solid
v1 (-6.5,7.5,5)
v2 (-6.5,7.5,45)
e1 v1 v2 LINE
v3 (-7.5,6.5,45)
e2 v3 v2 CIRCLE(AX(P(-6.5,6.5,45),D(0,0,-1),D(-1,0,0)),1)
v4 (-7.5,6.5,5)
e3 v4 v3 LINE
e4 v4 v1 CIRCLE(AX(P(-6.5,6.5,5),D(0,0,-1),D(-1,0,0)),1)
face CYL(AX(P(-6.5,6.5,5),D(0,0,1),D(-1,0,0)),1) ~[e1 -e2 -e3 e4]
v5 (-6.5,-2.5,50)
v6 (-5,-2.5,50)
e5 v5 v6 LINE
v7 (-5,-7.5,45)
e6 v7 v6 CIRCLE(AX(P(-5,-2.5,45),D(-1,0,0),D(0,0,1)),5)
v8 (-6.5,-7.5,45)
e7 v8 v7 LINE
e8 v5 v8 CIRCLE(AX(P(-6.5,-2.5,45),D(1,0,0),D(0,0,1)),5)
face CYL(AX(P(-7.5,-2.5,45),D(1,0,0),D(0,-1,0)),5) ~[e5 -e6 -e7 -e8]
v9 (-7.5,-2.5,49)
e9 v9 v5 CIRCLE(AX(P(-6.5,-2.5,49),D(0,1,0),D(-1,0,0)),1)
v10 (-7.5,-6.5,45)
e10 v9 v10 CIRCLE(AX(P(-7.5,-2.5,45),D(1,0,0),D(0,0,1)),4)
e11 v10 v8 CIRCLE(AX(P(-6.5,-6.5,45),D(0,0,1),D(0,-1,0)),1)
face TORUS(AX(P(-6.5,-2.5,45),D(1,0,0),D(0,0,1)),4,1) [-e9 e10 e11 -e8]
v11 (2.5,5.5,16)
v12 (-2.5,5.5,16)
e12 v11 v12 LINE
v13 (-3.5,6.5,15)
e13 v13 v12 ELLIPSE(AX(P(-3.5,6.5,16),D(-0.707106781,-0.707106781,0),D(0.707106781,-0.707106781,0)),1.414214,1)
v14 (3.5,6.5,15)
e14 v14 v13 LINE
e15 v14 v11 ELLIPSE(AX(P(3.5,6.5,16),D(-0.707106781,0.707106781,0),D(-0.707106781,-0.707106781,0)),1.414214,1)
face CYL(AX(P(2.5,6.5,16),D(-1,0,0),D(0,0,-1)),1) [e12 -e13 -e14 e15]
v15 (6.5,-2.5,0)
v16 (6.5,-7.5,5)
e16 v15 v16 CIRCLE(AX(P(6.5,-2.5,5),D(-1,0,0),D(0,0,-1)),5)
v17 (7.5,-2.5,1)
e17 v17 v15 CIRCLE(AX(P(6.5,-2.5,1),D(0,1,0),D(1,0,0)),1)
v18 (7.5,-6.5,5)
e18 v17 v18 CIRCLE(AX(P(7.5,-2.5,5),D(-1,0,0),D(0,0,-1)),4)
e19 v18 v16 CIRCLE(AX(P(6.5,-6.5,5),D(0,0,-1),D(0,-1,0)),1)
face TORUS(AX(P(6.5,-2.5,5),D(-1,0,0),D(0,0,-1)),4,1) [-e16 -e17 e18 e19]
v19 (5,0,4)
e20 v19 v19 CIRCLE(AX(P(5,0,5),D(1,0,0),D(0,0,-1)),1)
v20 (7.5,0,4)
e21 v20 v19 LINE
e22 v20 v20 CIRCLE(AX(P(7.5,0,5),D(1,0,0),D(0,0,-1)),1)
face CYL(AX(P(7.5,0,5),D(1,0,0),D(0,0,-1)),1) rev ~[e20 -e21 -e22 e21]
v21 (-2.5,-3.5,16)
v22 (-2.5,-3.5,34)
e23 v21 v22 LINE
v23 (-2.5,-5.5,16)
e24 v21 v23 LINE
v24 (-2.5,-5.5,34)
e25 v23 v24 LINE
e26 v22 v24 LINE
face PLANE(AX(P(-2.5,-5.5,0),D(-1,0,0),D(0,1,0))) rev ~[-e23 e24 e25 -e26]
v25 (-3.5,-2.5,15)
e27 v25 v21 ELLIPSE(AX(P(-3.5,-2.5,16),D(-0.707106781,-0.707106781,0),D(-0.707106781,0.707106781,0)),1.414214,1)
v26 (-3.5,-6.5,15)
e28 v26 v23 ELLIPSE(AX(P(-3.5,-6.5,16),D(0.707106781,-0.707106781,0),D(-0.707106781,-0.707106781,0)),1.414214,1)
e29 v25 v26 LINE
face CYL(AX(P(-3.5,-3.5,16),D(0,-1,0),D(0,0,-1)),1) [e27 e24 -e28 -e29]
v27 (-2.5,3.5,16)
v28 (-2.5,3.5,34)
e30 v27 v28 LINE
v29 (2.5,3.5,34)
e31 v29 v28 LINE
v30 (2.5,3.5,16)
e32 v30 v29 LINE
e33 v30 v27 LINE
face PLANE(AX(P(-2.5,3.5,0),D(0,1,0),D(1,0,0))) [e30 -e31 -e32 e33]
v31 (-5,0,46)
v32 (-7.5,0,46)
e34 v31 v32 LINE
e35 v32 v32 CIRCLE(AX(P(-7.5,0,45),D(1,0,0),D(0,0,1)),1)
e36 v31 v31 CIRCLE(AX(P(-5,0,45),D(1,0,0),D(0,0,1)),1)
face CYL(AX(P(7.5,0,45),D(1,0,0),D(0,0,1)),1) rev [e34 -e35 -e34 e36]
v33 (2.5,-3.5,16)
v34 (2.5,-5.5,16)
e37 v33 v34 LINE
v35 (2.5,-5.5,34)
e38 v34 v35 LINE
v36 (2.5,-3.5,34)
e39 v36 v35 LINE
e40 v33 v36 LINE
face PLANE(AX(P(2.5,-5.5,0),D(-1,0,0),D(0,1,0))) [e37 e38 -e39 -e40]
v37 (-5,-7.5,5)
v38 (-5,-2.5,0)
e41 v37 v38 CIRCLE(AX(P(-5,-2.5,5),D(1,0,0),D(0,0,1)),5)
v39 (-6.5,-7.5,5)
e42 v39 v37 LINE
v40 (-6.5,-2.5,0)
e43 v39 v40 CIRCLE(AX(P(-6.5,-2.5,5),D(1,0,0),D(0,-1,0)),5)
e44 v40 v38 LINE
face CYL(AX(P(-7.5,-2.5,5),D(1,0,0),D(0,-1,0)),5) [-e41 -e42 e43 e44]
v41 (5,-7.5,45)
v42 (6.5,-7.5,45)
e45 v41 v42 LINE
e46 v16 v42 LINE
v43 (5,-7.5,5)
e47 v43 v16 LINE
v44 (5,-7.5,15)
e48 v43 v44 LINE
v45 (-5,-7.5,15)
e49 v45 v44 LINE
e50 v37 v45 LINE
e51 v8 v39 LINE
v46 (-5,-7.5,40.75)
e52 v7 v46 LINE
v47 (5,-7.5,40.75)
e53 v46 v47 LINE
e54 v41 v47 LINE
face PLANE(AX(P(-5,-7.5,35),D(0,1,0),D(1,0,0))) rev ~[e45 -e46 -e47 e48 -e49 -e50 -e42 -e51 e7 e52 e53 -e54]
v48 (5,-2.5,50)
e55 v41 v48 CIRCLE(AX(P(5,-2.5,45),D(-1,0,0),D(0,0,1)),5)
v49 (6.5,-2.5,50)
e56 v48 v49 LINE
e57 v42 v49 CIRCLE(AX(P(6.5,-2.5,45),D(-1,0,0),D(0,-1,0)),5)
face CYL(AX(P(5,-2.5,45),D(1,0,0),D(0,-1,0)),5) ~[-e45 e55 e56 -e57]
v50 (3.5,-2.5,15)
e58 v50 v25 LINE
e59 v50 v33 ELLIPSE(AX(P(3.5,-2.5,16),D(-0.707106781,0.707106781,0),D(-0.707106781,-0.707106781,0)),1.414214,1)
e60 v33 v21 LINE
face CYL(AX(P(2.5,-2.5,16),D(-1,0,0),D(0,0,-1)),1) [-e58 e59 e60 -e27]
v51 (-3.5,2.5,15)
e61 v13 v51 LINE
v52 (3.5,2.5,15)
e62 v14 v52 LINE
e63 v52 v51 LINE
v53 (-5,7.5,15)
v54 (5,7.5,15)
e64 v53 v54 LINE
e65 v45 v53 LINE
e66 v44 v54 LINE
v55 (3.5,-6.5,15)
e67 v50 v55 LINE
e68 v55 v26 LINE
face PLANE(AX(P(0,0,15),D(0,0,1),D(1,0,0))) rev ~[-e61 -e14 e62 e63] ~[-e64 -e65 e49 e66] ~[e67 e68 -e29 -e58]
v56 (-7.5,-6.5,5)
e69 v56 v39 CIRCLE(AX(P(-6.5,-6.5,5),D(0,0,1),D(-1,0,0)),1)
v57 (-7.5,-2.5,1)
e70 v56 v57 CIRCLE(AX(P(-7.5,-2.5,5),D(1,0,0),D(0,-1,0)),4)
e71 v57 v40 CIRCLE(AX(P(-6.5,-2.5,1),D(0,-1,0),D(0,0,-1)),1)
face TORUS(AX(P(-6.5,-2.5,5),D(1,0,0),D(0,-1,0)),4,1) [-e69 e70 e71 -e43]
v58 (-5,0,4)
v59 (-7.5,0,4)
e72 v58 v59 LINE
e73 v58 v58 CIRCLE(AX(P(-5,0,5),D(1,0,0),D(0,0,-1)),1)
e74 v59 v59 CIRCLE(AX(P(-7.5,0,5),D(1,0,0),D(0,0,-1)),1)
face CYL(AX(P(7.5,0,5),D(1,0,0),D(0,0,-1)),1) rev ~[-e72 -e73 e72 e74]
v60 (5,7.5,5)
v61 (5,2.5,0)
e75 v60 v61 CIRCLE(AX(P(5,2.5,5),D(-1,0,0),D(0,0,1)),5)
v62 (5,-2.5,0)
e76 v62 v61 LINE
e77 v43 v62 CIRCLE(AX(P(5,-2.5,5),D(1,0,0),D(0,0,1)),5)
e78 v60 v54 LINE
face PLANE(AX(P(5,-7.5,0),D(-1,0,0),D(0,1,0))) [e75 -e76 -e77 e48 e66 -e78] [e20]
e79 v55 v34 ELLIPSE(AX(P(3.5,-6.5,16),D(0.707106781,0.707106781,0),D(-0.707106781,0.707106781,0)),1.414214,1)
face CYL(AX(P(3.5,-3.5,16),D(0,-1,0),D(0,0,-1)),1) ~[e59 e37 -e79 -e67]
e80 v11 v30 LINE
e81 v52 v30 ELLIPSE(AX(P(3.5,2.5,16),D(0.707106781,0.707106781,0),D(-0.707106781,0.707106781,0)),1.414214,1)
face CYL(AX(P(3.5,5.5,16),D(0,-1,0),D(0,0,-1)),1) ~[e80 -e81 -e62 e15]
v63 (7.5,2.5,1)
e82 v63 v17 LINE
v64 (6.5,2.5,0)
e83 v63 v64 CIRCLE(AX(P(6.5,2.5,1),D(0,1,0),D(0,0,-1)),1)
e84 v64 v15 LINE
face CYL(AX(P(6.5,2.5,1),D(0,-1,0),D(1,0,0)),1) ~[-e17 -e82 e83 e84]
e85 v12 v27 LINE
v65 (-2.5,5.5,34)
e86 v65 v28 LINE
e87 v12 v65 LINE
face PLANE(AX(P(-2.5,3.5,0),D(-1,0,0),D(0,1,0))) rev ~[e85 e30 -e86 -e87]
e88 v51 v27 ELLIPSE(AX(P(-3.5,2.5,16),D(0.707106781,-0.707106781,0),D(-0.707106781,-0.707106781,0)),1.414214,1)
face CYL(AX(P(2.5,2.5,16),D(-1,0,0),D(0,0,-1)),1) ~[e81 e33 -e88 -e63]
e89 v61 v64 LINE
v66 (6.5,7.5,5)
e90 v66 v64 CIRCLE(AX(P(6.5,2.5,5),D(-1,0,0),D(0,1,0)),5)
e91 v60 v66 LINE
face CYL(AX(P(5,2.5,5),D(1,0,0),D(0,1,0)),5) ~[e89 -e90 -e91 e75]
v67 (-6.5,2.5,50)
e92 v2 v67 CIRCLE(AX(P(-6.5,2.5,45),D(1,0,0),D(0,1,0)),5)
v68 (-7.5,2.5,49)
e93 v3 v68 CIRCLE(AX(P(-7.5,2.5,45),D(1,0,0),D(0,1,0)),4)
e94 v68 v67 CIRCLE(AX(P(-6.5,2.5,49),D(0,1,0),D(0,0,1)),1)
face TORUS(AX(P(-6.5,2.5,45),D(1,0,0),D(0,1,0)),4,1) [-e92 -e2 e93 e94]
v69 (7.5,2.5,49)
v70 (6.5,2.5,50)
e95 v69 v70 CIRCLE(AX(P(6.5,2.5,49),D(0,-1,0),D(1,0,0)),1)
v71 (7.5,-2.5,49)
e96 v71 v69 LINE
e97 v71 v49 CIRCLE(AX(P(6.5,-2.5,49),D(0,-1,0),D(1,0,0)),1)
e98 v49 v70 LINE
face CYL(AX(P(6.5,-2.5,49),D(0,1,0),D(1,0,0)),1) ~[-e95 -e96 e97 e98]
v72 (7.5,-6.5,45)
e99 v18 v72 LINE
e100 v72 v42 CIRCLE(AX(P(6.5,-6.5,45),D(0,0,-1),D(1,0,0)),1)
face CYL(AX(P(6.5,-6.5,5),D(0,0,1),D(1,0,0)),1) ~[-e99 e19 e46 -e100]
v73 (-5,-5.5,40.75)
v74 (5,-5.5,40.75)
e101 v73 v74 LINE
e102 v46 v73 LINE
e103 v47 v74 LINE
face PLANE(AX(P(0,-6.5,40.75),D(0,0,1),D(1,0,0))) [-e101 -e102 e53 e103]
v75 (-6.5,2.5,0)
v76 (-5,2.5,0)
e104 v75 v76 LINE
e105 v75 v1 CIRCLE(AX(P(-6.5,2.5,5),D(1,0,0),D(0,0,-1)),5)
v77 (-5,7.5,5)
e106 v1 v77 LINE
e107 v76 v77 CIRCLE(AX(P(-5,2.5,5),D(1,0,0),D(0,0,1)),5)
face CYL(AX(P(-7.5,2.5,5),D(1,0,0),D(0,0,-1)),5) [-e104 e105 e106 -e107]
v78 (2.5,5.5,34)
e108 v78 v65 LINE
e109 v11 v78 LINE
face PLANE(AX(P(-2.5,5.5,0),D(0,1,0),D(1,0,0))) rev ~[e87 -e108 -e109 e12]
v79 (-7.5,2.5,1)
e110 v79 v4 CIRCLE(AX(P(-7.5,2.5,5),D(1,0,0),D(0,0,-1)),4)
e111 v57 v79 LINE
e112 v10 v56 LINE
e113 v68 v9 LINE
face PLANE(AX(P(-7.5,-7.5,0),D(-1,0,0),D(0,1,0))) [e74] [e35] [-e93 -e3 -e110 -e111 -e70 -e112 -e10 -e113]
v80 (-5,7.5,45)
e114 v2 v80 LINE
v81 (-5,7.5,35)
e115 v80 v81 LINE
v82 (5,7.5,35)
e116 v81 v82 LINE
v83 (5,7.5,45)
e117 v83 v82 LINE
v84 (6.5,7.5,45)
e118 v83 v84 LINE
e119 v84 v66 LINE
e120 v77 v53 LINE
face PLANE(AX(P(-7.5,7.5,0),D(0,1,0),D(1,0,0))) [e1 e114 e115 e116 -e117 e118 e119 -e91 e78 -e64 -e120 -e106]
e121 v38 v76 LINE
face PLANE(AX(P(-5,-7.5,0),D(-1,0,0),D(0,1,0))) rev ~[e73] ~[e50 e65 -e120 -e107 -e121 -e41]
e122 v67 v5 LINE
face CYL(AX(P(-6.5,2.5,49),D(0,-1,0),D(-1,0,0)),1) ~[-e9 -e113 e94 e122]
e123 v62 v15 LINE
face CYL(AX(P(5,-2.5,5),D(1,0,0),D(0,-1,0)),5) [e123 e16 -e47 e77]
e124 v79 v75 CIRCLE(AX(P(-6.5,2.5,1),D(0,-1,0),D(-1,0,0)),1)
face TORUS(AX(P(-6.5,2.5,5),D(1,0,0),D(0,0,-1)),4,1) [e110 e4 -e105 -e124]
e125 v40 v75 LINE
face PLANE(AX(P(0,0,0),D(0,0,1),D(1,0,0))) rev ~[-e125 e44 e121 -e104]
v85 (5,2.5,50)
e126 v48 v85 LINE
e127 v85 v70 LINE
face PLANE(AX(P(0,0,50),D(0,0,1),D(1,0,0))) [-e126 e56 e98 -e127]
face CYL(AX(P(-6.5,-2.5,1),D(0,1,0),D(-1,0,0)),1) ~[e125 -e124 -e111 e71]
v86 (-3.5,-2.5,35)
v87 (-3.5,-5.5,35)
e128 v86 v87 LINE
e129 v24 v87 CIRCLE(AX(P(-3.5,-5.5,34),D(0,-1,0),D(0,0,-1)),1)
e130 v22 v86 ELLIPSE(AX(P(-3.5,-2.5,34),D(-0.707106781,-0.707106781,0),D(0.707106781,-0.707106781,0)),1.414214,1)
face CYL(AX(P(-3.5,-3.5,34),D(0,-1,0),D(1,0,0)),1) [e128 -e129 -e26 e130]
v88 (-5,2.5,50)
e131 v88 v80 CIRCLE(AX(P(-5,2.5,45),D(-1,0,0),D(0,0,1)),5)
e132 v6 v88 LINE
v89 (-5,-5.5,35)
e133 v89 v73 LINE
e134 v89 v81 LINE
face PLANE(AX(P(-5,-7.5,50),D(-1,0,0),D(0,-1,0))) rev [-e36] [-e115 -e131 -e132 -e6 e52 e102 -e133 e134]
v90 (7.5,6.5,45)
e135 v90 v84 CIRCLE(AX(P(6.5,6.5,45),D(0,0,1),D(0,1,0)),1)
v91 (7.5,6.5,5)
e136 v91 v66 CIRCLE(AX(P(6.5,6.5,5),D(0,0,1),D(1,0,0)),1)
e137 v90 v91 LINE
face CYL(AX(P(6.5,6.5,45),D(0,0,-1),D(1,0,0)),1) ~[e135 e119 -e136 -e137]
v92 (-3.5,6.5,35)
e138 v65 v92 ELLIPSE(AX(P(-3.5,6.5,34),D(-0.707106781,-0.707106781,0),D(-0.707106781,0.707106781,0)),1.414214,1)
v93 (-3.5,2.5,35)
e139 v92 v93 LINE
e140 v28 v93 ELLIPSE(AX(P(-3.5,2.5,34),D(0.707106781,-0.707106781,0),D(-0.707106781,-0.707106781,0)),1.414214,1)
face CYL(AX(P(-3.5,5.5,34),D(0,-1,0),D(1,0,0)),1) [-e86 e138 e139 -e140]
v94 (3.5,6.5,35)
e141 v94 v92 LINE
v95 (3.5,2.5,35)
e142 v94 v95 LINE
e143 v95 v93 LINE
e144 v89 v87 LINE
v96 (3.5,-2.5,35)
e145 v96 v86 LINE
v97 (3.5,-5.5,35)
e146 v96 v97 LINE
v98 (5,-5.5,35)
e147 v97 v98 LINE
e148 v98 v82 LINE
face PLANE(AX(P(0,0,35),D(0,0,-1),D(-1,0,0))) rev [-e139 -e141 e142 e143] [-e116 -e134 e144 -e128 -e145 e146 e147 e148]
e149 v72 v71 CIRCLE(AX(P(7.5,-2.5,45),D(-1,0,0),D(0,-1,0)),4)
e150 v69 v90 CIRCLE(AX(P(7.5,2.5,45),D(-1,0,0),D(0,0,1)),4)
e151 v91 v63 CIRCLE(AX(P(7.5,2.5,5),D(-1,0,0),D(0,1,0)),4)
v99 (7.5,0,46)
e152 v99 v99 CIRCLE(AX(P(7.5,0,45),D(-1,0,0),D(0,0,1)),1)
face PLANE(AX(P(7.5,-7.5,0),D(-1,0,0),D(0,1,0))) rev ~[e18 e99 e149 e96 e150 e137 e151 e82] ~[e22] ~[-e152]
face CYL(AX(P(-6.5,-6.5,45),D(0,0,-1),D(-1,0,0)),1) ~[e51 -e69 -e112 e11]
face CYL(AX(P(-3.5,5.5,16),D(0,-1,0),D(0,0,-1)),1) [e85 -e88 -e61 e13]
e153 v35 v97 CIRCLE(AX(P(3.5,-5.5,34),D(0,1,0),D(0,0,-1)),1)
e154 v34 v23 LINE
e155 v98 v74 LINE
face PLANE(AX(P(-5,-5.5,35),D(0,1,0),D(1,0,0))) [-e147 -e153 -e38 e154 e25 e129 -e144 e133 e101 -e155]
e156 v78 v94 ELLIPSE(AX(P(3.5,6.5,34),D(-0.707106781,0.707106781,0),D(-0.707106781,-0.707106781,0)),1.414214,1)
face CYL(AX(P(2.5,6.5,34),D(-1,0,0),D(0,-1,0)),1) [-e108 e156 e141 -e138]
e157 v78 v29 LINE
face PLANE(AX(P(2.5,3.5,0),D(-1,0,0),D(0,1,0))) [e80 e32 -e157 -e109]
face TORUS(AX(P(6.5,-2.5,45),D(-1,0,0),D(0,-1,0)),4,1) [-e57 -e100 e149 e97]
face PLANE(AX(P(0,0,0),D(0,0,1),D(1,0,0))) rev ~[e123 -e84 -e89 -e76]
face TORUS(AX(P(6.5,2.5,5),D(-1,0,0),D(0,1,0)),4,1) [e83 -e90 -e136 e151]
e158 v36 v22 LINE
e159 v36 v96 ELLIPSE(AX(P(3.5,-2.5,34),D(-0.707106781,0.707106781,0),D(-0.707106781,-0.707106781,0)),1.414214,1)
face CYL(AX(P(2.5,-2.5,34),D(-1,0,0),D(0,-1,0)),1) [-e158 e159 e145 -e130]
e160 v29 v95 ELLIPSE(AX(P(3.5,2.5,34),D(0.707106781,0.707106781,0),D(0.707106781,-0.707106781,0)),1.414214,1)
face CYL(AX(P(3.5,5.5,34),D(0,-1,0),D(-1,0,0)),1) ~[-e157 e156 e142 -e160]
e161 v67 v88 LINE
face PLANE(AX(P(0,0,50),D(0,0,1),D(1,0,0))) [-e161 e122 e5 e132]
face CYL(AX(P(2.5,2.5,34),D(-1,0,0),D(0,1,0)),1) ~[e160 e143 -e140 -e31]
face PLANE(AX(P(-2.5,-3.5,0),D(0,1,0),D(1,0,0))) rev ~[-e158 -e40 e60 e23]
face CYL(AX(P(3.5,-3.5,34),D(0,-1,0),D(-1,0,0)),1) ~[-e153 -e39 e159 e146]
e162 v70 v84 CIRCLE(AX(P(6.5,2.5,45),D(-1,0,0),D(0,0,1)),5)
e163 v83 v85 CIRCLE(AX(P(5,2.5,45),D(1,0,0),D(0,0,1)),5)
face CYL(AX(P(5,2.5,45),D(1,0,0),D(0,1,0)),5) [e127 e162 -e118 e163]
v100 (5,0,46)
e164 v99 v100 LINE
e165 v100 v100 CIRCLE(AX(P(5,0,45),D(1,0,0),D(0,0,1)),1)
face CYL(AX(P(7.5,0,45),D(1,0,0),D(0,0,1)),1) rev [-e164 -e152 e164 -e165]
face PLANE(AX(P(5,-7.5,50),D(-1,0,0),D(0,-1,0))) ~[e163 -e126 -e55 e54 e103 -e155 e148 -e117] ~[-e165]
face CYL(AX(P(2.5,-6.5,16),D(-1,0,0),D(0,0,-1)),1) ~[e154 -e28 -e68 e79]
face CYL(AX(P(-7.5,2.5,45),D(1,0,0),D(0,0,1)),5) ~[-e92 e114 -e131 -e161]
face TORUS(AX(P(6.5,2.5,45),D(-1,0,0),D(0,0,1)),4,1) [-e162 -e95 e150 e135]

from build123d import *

# Parameters (mm, degrees)
BOTTOM_SECTION_BASE_SKETCH_W     = 15
BOTTOM_SECTION_BASE_SKETCH_H     = 15
BOTTOM_SECTION_EXTRUDE_DEPTH     = 50
HINGE_CUTOUT_SKETCH_W            = 10
HINGE_CUTOUT_SKETCH_H            = 15
HINGE_CUTOUT_EXTRUDED_CUT_DEPTH  = 15
HINGE_HOLE_SKETCH_R              = 1
HINGE_HOLE_EXTRUDED_CUT_DEPTH    = 53.737557774
HINGER_CORNER_FILLETS_R          = 5
STYLE_FILLETS_R                  = 1
ROUTING_HOLES_SKETCH_W           = 5
ROUTING_HOLES_SKETCH_H           = 2
ROUTING_HOLES_EXTRUDED_CUT_DEPTH = 52.112620751
BACKING_SKETCH_W                 = 10
BACKING_SKETCH_H                 = 2
BACKING_EXTRUDE_DEPTH            = 5.75
ROUTING_FILLETS_R                = 1


with BuildPart() as part:
    # Bottom Section Base Sketch → Bottom Section Extrude (new body)
    with BuildSketch(Plane.XY):
        Rectangle(BOTTOM_SECTION_BASE_SKETCH_W, BOTTOM_SECTION_BASE_SKETCH_H)
    extrude(amount=BOTTOM_SECTION_EXTRUDE_DEPTH)

    # Hinge Cutout Sketch → Hinge Cutout Extruded Cut (cut)
    with BuildSketch(Plane.XY):
        Rectangle(HINGE_CUTOUT_SKETCH_W, HINGE_CUTOUT_SKETCH_H)
    hinge_cutout_extruded_cut = extrude(amount=HINGE_CUTOUT_EXTRUDED_CUT_DEPTH, mode=Mode.SUBTRACT)

    # Hinge Hole Sketch → Hinge Hole Extruded Cut (cut, through all)
    with BuildSketch(Plane(origin=(7.5, 0, 0), x_dir=(0, 0, -1), z_dir=(1, 0, 0))):
        with Locations((-5, 0)):
            Circle(HINGE_HOLE_SKETCH_R)
    hinge_hole_extruded_cut = extrude(amount=-HINGE_HOLE_EXTRUDED_CUT_DEPTH, mode=Mode.SUBTRACT)

    # Hinge and Hole Cutout Mirror: Hinge Cutout Extruded Cut, Hinge Hole Extruded Cut across plane
    add(hinge_cutout_extruded_cut.mirror(Plane.XY.offset(25)), mode=Mode.SUBTRACT)
    add(hinge_hole_extruded_cut.mirror(Plane.XY.offset(25)), mode=Mode.SUBTRACT)

    # Hinger Corner Fillets
    hinger_corner_fillets_edges = [part.edges().sort_by_distance(p)[0] for p in [
        (6.25, -7.5, 0),
        (-6.25, 7.5, 0),
        (-6.25, -7.5, 50),
        (-6.25, 7.5, 50),
        (6.25, -7.5, 50),
        (-6.25, -7.5, 0),
        (6.25, 7.5, 0),
        (6.25, 7.5, 50),
    ]]
    fillet(hinger_corner_fillets_edges, radius=HINGER_CORNER_FILLETS_R)

    # Style Fillets
    style_fillets_edges = [part.edges().sort_by_distance(p)[0] for p in [
        (7.5, 0, 50),
        (7.5, 7.5, 25),
        (-7.5, 7.5, 25),
        (7.5, 0, 0),
        (7.5, -7.5, 25),
        (7.5, 6.035533906, 1.464466094),
        (7.5, -6.035533906, 1.464466094),
        (7.5, -6.035533906, 48.535533906),
        (7.5, 6.035533906, 48.535533906),
        (-7.5, -7.5, 25),
        (-7.5, 0, 50),
        (-7.5, 0, 0),
        (-7.5, -6.035533906, 1.464466094),
        (-7.5, 6.035533906, 1.464466094),
        (-7.5, 6.035533906, 48.535533906),
        (-7.5, -6.035533906, 48.535533906),
    ]]
    fillet(style_fillets_edges, radius=STYLE_FILLETS_R)

    # Routing Holes Sketch → Routing Holes Extruded Cut (cut, through all)
    with BuildSketch(Plane.XY):
        with Locations((0, 4.5)):
            Rectangle(ROUTING_HOLES_SKETCH_W, ROUTING_HOLES_SKETCH_H)
        with Locations((0, -4.5)):
            Rectangle(ROUTING_HOLES_SKETCH_W, ROUTING_HOLES_SKETCH_H)
    extrude(amount=ROUTING_HOLES_EXTRUDED_CUT_DEPTH, mode=Mode.SUBTRACT)

    # Backing Sketch → Backing Extrude (add)
    with BuildSketch(Plane.XY.offset(35)):
        with Locations((0, -6.5)):
            Rectangle(BACKING_SKETCH_W, BACKING_SKETCH_H)
    extrude(amount=BACKING_EXTRUDE_DEPTH)

    # Routing Fillets
    routing_fillets_edges = [part.edges().sort_by_distance(p)[0] for p in [
        (-2.5, -4.5, 35),
        (0, -3.5, 35),
        (2.5, -4.5, 35),
        (0, 5.5, 35),
        (2.5, 4.5, 35),
        (0, 3.5, 35),
        (-2.5, 4.5, 35),
        (-2.5, 4.5, 15),
        (0, 3.5, 15),
        (2.5, 4.5, 15),
        (0, 5.5, 15),
        (0, -5.5, 15),
        (2.5, -4.5, 15),
        (0, -3.5, 15),
        (-2.5, -4.5, 15),
    ]]
    fillet(routing_fillets_edges, radius=ROUTING_FILLETS_R)


solid = part.part
